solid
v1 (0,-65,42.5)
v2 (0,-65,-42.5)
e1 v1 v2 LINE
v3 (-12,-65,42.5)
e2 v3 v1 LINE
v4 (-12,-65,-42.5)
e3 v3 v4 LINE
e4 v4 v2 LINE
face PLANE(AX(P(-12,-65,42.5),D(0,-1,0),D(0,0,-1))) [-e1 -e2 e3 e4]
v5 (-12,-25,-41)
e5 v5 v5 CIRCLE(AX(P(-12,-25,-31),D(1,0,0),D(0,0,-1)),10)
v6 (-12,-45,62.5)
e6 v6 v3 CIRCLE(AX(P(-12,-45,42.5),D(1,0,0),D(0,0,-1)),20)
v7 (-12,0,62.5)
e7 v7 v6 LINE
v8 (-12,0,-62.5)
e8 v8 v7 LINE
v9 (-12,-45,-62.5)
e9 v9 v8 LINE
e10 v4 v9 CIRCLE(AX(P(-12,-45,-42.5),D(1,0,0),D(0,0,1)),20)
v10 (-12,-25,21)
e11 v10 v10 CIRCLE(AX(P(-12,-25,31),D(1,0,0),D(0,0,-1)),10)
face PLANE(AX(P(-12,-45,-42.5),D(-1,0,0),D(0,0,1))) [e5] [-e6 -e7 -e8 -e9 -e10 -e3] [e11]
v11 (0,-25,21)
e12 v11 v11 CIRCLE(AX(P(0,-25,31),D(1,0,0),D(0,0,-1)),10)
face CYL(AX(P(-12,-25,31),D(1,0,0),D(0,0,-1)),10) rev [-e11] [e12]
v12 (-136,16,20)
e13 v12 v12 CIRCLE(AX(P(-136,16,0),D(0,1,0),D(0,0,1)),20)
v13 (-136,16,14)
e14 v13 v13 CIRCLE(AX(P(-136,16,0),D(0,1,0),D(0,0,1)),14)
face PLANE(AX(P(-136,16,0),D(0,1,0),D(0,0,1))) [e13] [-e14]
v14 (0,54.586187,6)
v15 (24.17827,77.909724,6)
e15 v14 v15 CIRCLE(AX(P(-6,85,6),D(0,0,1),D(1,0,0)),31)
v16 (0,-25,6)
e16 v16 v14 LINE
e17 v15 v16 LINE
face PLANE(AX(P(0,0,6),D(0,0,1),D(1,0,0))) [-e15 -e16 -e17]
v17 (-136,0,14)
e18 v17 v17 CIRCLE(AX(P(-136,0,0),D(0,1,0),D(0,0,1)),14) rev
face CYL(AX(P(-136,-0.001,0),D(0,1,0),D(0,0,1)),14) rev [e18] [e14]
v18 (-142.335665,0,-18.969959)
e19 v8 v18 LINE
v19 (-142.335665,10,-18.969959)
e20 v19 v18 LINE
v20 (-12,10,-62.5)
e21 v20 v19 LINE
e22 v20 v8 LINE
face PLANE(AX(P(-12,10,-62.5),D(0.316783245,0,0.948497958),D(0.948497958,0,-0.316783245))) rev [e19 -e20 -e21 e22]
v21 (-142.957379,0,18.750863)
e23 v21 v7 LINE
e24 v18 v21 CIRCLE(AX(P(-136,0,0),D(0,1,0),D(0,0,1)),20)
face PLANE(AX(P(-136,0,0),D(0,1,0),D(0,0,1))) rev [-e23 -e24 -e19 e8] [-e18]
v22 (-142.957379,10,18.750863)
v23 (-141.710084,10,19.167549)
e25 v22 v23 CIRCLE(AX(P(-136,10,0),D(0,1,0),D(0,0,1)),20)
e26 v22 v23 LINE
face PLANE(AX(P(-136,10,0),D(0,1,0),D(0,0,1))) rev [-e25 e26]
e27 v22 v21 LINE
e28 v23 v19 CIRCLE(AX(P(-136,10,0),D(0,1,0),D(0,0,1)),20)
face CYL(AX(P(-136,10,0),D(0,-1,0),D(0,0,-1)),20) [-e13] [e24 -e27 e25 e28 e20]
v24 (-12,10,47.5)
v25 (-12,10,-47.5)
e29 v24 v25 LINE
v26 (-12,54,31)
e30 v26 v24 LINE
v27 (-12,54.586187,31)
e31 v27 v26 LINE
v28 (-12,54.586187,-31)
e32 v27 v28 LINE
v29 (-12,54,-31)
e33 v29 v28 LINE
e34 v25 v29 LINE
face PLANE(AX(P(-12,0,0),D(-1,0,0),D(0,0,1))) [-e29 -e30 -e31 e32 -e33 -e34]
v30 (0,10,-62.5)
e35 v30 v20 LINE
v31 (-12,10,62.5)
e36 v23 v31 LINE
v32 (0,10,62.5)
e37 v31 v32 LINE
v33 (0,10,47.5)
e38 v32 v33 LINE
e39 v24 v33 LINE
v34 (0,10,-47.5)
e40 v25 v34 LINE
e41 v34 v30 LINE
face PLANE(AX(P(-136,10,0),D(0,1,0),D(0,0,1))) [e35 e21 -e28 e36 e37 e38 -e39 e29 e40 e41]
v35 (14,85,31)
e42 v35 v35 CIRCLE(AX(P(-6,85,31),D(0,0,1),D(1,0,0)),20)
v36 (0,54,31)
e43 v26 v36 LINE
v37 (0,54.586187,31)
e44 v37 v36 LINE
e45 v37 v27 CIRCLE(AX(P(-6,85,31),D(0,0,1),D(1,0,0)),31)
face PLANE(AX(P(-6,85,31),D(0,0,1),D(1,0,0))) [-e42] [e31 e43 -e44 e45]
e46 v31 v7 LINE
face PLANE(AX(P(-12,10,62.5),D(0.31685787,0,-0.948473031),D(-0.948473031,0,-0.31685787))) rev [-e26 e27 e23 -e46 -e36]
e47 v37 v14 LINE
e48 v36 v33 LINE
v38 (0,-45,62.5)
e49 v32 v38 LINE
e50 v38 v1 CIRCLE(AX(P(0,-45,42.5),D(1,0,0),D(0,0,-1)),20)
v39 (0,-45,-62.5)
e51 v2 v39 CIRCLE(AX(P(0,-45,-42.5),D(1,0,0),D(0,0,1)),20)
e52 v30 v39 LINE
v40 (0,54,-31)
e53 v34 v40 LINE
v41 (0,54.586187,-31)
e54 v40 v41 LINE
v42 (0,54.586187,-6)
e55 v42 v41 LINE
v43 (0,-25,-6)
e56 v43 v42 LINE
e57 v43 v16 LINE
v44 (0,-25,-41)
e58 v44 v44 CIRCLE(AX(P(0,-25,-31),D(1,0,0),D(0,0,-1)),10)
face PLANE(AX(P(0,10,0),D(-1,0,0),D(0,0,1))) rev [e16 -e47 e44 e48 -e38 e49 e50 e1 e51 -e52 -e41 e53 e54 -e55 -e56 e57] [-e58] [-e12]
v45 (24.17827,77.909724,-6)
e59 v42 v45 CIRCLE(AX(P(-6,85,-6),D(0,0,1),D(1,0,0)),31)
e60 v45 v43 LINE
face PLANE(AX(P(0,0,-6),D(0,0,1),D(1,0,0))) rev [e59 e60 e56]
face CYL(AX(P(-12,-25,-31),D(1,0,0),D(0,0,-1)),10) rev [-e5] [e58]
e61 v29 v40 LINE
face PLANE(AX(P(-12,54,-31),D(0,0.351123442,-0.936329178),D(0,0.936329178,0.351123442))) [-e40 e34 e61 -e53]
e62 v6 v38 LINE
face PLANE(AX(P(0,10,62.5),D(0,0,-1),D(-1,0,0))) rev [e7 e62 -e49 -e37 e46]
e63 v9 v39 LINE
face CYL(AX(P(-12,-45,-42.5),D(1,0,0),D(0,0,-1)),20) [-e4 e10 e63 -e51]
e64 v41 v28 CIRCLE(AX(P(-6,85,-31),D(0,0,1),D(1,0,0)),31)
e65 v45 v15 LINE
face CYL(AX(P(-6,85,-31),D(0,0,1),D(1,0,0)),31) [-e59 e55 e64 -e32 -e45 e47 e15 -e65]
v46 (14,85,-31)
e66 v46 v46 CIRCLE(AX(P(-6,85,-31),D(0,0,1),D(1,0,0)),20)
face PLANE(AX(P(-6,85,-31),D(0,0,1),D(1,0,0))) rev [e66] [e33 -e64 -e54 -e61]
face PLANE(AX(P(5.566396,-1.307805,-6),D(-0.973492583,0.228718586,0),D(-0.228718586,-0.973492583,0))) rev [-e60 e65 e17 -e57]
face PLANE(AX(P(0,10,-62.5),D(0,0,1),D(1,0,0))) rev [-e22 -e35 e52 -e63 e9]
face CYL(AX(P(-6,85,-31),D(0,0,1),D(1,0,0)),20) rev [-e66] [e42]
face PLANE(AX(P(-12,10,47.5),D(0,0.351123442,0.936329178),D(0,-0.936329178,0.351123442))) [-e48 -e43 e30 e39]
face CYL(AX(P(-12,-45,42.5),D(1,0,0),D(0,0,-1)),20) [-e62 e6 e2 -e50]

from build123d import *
from build123d.topology import SkipClean

# Parameters (mm, degrees)
BOSS_EXTRUDE1_DEPTH      = 10
SKETCH2_R                = 20
BOSS_EXTRUDE2_DEPTH      = 6
CUT_EXTRUDE1_REACH       = 170.814
SKETCH3_R                = 14
BOSS_EXTRUDE3_DEPTH      = 31
BOSS_EXTRUDE3_DEPTH_BACK = 31
SKETCH4_R                = 31
SKETCH4_R_2              = 20
BOSS_EXTRUDE4_DEPTH      = 12
SKETCH7_R                = 10
BOSS_EXTRUDE5_DEPTH      = 12
BOSS_EXTRUDE6_DEPTH      = 6
BOSS_EXTRUDE6_DEPTH_BACK = 6


with BuildPart() as part:
    # Sketch1 → Boss-Extrude1 (new body)
    with BuildSketch(Plane(origin=(0, 0, 0), x_dir=(1, 0, 0), z_dir=(0, 1, 0))):
        with BuildLine():
            Line((0, 0), (0, -62.5))
            Line((0, -62.5), (-12, -62.5))
            Line((-12, -62.5), (-142.957379404, -18.750863229))
            ThreePointArc((-142.957379404, -18.750863229), (-155.997283991, 0.329595189), (-142.335664896, 18.969959154))
            Line((-142.335664896, 18.969959154), (-12, 62.5))
            Line((-12, 62.5), (0, 62.5))
            Line((0, 62.5), (0, 0))
        make_face()
    extrude(amount=BOSS_EXTRUDE1_DEPTH)

    # Sketch2 → Boss-Extrude2 (add)
    with SkipClean():  # the faces are left unmerged after this step: merging them gives an invalid solid
        with BuildSketch(Plane(origin=(0, 10, 0), x_dir=(1, 0, 0), z_dir=(0, 1, 0))):
            with Locations((-136, 0)):
                Circle(SKETCH2_R)
        extrude(amount=BOSS_EXTRUDE2_DEPTH)

    # Sketch3 → Cut-Extrude1 (cut, up to next)
    with BuildSketch(Plane(origin=(0, 16, 0), x_dir=(1, 0, 0), z_dir=(0, 1, 0)), mode=Mode.PRIVATE) as cut_extrude1_sk1:
        with Locations((-136, 0)):
            Circle(SKETCH3_R)
    cut_extrude1_tool1 = extrude(cut_extrude1_sk1.sketch, amount=-CUT_EXTRUDE1_REACH, mode=Mode.PRIVATE) & part.part
    add(cut_extrude1_tool1.solids().sort_by_distance((-136, 16, 0))[0], mode=Mode.SUBTRACT)

    # Sketch5 → Boss-Extrude4 (add)
    with SkipClean():  # the faces are left unmerged after this step: merging them gives an invalid solid
        with BuildSketch(Plane(origin=(0, 0, 0), x_dir=(0, 0, -1), z_dir=(1, 0, 0))):
            Polygon((-47.5, 10), (-31, 54), (-31, 60.618293766), (31, 60.618293766), (31, 54), (47.5, 10), align=None)
        extrude(amount=-BOSS_EXTRUDE4_DEPTH)

    # Sketch7 → Boss-Extrude5 (add)
    with SkipClean():  # the faces are left unmerged after this step: merging them gives an invalid solid
        with BuildSketch(Plane(origin=(0, 0, 0), x_dir=(0, 0, -1), z_dir=(1, 0, 0))):
            with BuildLine():
                Line((-62.5, 0), (-62.5, -45))
                ThreePointArc((-62.5, -45), (-56.642135624, -59.142135624), (-42.5, -65))
                Line((-42.5, -65), (42.5, -65))
                ThreePointArc((42.5, -65), (56.642135624, -59.142135624), (62.5, -45))
                Line((62.5, -45), (62.5, 0))
                Line((62.5, 0), (-62.5, 0))
            make_face()
            with Locations((-31, -25)):
                Circle(SKETCH7_R, mode=Mode.SUBTRACT)
            with Locations((31, -25)):
                Circle(SKETCH7_R, mode=Mode.SUBTRACT)
        extrude(amount=-BOSS_EXTRUDE5_DEPTH)



with BuildPart() as body_2:
    # Sketch4 → Boss-Extrude3 (new, two sides: drawn at the far end of the back side and taken through both)
    with BuildSketch(Plane.XY.offset(-BOSS_EXTRUDE3_DEPTH_BACK)):
        with Locations((-6, 85)):
            Circle(SKETCH4_R)
        with Locations((-6, 85)):
            Circle(SKETCH4_R_2, mode=Mode.SUBTRACT)
    extrude(amount=BOSS_EXTRUDE3_DEPTH + BOSS_EXTRUDE3_DEPTH_BACK)


with BuildPart() as part_1:
    with SkipClean():  # the faces are left unmerged after this step: merging them gives an invalid solid
        add(part.part)

        add(body_2.part)  # Boss-Extrude6 merges body 2
        # Sketch8 → Boss-Extrude6 (add, two sides: drawn at the far end of the back side and taken through both)
        with BuildSketch(Plane.XY.offset(-BOSS_EXTRUDE6_DEPTH_BACK)):
            with BuildLine():
                Line((0, -25), (24.178270058, 77.909723821))
                ThreePointArc((24.178270058, 77.909723821), (15.52239867, 62.688873729), (0, 54.586187349))
                Line((0, 54.586187349), (0, -25))
            make_face()
        extrude(amount=BOSS_EXTRUDE6_DEPTH + BOSS_EXTRUDE6_DEPTH_BACK)


solid = part_1.part
